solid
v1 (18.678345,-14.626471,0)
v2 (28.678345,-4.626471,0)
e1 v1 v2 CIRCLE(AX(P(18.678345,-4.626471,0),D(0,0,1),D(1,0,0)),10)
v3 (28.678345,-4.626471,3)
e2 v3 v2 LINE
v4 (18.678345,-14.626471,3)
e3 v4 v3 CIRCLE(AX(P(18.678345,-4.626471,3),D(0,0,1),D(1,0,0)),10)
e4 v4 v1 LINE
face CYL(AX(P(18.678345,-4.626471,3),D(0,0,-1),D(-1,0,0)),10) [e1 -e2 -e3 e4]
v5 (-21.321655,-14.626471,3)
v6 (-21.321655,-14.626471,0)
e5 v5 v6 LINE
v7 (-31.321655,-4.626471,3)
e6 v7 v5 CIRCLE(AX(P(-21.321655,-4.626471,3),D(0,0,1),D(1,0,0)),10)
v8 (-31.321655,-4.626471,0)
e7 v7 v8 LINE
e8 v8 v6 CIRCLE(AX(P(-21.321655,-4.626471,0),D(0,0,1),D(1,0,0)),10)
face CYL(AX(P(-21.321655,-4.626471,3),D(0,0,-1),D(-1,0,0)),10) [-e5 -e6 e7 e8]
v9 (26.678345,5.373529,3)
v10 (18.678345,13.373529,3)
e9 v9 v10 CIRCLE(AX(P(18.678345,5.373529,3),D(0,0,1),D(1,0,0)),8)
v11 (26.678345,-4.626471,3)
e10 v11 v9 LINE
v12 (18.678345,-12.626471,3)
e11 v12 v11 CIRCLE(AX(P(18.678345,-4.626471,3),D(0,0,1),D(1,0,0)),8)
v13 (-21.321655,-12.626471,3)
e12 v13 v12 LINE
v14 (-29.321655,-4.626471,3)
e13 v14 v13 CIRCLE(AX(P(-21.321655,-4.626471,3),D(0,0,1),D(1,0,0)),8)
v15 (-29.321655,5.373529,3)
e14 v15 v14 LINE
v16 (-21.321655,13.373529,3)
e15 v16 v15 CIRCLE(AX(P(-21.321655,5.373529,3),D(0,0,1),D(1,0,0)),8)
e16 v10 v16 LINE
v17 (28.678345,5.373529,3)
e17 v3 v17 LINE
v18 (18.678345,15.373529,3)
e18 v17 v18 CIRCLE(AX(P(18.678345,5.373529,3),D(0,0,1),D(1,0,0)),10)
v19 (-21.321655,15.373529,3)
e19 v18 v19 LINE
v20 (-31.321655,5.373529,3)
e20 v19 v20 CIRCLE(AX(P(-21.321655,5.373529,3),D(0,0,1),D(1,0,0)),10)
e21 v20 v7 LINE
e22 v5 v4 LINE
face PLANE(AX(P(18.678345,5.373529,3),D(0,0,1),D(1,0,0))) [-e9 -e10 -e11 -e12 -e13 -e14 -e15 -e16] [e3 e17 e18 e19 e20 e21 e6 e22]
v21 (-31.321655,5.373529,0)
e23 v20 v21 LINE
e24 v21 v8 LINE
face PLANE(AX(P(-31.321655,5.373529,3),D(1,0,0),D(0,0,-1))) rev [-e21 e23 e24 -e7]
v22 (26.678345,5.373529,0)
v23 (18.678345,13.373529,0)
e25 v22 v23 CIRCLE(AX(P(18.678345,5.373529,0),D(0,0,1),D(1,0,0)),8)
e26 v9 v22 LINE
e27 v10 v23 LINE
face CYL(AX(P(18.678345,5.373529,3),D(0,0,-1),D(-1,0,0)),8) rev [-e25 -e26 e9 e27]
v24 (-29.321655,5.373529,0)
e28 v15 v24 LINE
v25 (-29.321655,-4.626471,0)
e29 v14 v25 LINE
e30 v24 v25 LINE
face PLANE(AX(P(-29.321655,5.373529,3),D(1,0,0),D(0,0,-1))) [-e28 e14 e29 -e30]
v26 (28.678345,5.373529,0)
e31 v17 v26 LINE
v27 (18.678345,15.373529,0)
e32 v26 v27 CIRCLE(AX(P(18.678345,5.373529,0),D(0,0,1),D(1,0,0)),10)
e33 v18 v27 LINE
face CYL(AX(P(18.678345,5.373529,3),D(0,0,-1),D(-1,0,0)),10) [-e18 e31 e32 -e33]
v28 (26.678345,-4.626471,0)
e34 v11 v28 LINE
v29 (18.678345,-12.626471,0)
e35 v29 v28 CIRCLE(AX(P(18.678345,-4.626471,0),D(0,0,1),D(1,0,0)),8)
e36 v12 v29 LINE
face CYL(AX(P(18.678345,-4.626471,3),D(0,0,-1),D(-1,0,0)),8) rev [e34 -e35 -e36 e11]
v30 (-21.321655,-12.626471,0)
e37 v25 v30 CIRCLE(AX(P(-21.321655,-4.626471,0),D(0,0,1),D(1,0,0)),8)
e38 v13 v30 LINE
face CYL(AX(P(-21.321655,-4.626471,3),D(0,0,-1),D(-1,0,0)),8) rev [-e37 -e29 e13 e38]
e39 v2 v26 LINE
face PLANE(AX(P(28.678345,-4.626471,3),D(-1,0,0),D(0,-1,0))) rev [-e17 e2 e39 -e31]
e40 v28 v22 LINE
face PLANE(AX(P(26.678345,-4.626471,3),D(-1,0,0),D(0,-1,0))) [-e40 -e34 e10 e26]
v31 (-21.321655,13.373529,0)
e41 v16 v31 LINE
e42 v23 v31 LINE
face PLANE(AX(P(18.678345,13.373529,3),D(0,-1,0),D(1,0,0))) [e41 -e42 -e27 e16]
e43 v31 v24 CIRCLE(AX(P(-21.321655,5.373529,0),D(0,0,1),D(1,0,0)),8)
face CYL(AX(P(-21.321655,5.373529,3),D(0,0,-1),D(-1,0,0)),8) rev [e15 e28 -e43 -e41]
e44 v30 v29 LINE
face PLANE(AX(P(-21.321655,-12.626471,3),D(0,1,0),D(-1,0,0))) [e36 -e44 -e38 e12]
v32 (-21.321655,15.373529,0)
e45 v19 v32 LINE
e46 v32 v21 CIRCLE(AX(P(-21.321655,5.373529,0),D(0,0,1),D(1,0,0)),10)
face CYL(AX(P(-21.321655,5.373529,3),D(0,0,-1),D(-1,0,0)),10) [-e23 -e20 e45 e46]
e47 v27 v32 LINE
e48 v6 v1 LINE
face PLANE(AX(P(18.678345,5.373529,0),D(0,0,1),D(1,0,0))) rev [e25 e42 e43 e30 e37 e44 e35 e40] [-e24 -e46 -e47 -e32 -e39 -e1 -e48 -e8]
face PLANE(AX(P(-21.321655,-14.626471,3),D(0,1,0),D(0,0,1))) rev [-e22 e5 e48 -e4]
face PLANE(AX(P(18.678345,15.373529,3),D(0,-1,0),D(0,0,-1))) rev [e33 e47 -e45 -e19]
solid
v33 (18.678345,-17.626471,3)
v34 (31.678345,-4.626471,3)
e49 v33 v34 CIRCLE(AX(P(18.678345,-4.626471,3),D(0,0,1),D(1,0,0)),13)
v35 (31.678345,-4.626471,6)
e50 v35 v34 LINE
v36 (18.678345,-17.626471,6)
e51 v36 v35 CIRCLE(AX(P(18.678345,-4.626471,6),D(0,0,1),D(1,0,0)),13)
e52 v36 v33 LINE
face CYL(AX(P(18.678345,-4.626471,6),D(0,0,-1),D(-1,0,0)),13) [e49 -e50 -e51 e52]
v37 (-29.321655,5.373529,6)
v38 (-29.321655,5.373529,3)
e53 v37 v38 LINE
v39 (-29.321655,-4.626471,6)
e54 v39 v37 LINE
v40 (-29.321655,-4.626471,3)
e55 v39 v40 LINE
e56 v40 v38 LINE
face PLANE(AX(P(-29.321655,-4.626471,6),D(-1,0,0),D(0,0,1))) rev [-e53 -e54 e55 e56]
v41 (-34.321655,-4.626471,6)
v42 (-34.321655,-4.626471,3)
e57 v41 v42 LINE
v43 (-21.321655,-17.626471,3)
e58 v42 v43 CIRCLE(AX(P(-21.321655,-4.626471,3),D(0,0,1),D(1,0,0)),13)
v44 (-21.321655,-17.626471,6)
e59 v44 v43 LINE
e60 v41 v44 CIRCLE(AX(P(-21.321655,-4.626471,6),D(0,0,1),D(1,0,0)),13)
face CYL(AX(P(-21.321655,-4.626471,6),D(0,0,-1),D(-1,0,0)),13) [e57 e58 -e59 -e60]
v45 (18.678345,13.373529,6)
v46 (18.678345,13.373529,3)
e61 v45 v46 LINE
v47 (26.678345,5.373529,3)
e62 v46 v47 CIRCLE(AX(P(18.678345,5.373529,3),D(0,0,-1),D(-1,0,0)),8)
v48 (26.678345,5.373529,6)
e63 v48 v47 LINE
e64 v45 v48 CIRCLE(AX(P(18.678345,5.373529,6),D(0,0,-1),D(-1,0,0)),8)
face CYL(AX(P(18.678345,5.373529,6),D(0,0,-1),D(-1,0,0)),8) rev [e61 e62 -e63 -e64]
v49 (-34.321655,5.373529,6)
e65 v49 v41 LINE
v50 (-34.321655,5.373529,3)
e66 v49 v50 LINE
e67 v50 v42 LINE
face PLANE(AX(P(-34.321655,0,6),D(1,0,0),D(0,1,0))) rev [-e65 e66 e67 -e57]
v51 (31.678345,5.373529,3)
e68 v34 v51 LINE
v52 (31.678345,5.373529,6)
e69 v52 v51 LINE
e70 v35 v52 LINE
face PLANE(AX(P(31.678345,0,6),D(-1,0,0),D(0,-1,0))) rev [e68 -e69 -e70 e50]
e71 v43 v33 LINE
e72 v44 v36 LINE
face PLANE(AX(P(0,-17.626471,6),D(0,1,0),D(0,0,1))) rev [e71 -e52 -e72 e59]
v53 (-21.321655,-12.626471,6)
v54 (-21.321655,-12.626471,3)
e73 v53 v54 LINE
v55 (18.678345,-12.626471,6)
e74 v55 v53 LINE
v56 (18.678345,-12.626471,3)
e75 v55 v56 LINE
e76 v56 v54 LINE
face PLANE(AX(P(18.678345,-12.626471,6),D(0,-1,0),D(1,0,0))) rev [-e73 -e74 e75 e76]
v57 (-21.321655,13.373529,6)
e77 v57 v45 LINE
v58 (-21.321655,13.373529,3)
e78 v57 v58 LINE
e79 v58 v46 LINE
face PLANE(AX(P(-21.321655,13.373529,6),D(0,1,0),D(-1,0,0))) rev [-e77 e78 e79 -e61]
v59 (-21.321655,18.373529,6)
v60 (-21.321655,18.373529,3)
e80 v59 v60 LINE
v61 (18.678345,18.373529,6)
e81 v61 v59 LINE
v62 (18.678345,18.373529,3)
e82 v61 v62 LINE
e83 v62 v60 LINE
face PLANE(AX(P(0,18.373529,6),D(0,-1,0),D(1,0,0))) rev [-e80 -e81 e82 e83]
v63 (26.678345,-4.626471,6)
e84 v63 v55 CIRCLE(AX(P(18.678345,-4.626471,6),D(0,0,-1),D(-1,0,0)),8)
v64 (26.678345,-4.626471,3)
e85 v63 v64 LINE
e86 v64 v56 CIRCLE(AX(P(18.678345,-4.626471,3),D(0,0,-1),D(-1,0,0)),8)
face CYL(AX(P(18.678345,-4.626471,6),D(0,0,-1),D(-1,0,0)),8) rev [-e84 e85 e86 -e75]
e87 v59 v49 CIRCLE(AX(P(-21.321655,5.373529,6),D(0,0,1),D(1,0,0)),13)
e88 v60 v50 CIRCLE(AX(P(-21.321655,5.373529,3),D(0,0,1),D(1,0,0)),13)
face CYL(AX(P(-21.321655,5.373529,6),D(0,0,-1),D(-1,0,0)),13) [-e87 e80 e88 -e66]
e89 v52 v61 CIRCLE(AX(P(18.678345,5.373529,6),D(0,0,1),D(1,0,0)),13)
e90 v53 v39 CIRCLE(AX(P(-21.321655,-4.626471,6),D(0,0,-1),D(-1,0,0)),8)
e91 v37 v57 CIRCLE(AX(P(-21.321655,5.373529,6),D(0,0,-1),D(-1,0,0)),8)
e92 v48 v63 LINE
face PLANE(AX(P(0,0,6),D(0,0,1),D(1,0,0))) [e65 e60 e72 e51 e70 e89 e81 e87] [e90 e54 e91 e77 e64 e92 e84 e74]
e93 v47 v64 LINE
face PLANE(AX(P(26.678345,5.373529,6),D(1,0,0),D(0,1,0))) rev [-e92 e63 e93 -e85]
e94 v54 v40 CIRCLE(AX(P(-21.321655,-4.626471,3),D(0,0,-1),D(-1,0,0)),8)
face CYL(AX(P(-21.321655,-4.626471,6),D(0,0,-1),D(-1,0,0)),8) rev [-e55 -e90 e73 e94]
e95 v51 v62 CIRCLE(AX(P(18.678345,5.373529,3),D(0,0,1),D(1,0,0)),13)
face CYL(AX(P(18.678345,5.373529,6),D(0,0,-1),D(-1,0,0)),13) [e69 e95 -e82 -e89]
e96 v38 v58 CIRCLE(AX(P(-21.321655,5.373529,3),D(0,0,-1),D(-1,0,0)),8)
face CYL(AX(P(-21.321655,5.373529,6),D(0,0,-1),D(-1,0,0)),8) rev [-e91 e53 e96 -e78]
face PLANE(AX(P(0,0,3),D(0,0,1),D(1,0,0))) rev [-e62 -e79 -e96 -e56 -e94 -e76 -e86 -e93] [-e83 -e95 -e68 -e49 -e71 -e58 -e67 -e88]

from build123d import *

# Parameters (mm, degrees)
BOSS_EXTRU_1_DEPTH      = 3
BOSS_EXTRU_2_DEPTH      = 3
ENL_V_MAT_EXTRU_1_DEPTH = 40.045647227


with BuildPart() as part:
    # Esquisse2 → Boss.-Extru.1 (new body)
    with BuildSketch(Plane.XY):
        with BuildLine():
            Line((28.678345257, -4.626470588), (28.678345257, 5.373529412))
            ThreePointArc((28.678345257, 5.373529412), (25.749413069, 12.444597224), (18.678345257, 15.373529412))
            Line((18.678345257, 15.373529412), (-21.321654743, 15.373529412))
            ThreePointArc((-21.321654743, 15.373529412), (-28.392722555, 12.444597224), (-31.321654743, 5.373529412))
            Line((-31.321654743, 5.373529412), (-31.321654743, -4.626470588))
            ThreePointArc((-31.321654743, -4.626470588), (-28.392722555, -11.6975384), (-21.321654743, -14.626470588))
            Line((-21.321654743, -14.626470588), (18.678345257, -14.626470588))
            ThreePointArc((18.678345257, -14.626470588), (25.749413069, -11.6975384), (28.678345257, -4.626470588))
        make_face()
        with BuildLine():
            Line((26.678345257, -4.626470588), (26.678345257, 5.373529412))
            ThreePointArc((26.678345257, 5.373529412), (24.335199507, 11.030383661), (18.678345257, 13.373529412))
            Line((18.678345257, 13.373529412), (-21.321654743, 13.373529412))
            ThreePointArc((-21.321654743, 13.373529412), (-26.978508992, 11.030383661), (-29.321654743, 5.373529412))
            Line((-29.321654743, 5.373529412), (-29.321654743, -4.626470588))
            ThreePointArc((-29.321654743, -4.626470588), (-26.978508992, -10.283324838), (-21.321654743, -12.626470588))
            Line((-21.321654743, -12.626470588), (18.678345257, -12.626470588))
            ThreePointArc((18.678345257, -12.626470588), (24.335199507, -10.283324838), (26.678345257, -4.626470588))
        make_face(mode=Mode.SUBTRACT)
    extrude(amount=BOSS_EXTRU_1_DEPTH)


with BuildPart() as body_2:
    # Esquisse3 → Boss.-Extru.2 (new body)
    # profile 1 of 3: a face of its own
    with BuildSketch(Plane.XY.offset(3)):
        with BuildLine():
            Line((-21.321654743, -17.626470588), (18.678345257, -17.626470588))
            ThreePointArc((18.678345257, -17.626470588), (27.870733412, -13.818858744), (31.678345257, -4.626470588))
            Line((31.678345257, -4.626470588), (31.678345257, 5.373529412))
            ThreePointArc((31.678345257, 5.373529412), (27.870733412, 14.565917567), (18.678345257, 18.373529412))
            Line((18.678345257, 18.373529412), (-21.321654743, 18.373529412))
            ThreePointArc((-21.321654743, 18.373529412), (-30.514042898, 14.565917567), (-34.321654743, 5.373529412))
            Line((-34.321654743, 5.373529412), (-34.321654743, -4.626470588))
            ThreePointArc((-34.321654743, -4.626470588), (-30.514042898, -13.818858744), (-21.321654743, -17.626470588))
        make_face()
        with BuildLine():
            ThreePointArc((28.678345257, 5.373529412), (25.749413069, 12.444597224), (18.678345257, 15.373529412))
            Line((18.678345257, 15.373529412), (-21.321654743, 15.373529412))
            ThreePointArc((-21.321654743, 15.373529412), (-28.392722555, 12.444597224), (-31.321654743, 5.373529412))
            Line((-31.321654743, 5.373529412), (-31.321654743, -4.626470588))
            ThreePointArc((-31.321654743, -4.626470588), (-28.392722555, -11.6975384), (-21.321654743, -14.626470588))
            Line((-21.321654743, -14.626470588), (18.678345257, -14.626470588))
            ThreePointArc((18.678345257, -14.626470588), (25.749413069, -11.6975384), (28.678345257, -4.626470588))
            Line((28.678345257, -4.626470588), (28.678345257, 5.373529412))
        make_face(mode=Mode.SUBTRACT)
    # profile 2 of 3: a face of its own
    with BuildSketch(Plane.XY.offset(3)):
        with BuildLine():
            Line((28.678345257, -4.626470588), (28.678345257, 5.373529412))
            ThreePointArc((28.678345257, 5.373529412), (25.749413069, 12.444597224), (18.678345257, 15.373529412))
            Line((18.678345257, 15.373529412), (-21.321654743, 15.373529412))
            ThreePointArc((-21.321654743, 15.373529412), (-28.392722555, 12.444597224), (-31.321654743, 5.373529412))
            Line((-31.321654743, 5.373529412), (-31.321654743, -4.626470588))
            ThreePointArc((-31.321654743, -4.626470588), (-28.392722555, -11.6975384), (-21.321654743, -14.626470588))
            Line((-21.321654743, -14.626470588), (18.678345257, -14.626470588))
            ThreePointArc((18.678345257, -14.626470588), (25.749413069, -11.6975384), (28.678345257, -4.626470588))
        make_face()
        with BuildLine():
            ThreePointArc((18.678345257, 13.373529412), (24.335199507, 11.030383661), (26.678345257, 5.373529412))
            Line((26.678345257, 5.373529412), (26.678345257, -4.626470588))
            ThreePointArc((26.678345257, -4.626470588), (24.335199507, -10.283324838), (18.678345257, -12.626470588))
            Line((18.678345257, -12.626470588), (-21.321654743, -12.626470588))
            ThreePointArc((-21.321654743, -12.626470588), (-26.978508992, -10.283324838), (-29.321654743, -4.626470588))
            Line((-29.321654743, -4.626470588), (-29.321654743, 5.373529412))
            ThreePointArc((-29.321654743, 5.373529412), (-26.978508992, 11.030383661), (-21.321654743, 13.373529412))
            Line((-21.321654743, 13.373529412), (18.678345257, 13.373529412))
        make_face(mode=Mode.SUBTRACT)
    # profile 3 of 3: a face of its own
    with BuildSketch(Plane.XY.offset(3)):
        with BuildLine():
            Line((26.678345257, 5.373529412), (26.678345257, -4.626470588))
            ThreePointArc((26.678345257, -4.626470588), (24.335199507, -10.283324838), (18.678345257, -12.626470588))
            Line((18.678345257, -12.626470588), (-21.321654743, -12.626470588))
            ThreePointArc((-21.321654743, -12.626470588), (-26.978508992, -10.283324838), (-29.321654743, -4.626470588))
            Line((-29.321654743, -4.626470588), (-29.321654743, 5.373529412))
            ThreePointArc((-29.321654743, 5.373529412), (-26.978508992, 11.030383661), (-21.321654743, 13.373529412))
            Line((-21.321654743, 13.373529412), (18.678345257, 13.373529412))
            ThreePointArc((18.678345257, 13.373529412), (24.335199507, 11.030383661), (26.678345257, 5.373529412))
        make_face()
    extrude(amount=BOSS_EXTRU_2_DEPTH)

    # Esquisse4 → Enlèv. mat.-Extru.1 (cut, through all)
    with BuildSketch(Plane(origin=(0, 0, 3), x_dir=(-1, 0, 0), z_dir=(0, 0, -1))):
        with BuildLine():
            Line((21.321654743, 13.373529412), (-18.678345257, 13.373529412))
            ThreePointArc((-18.678345257, 13.373529412), (-24.335199507, 11.030383661), (-26.678345257, 5.373529412))
            Line((-26.678345257, 5.373529412), (-26.678345257, -4.626470588))
            ThreePointArc((-26.678345257, -4.626470588), (-24.335199507, -10.283324838), (-18.678345257, -12.626470588))
            Line((-18.678345257, -12.626470588), (21.321654743, -12.626470588))
            ThreePointArc((21.321654743, -12.626470588), (26.978508992, -10.283324838), (29.321654743, -4.626470588))
            Line((29.321654743, -4.626470588), (29.321654743, 5.373529412))
            ThreePointArc((29.321654743, 5.373529412), (26.978508992, 11.030383661), (21.321654743, 13.373529412))
        make_face()
    extrude(amount=-ENL_V_MAT_EXTRU_1_DEPTH, mode=Mode.SUBTRACT)


solid = Compound([part.part, body_2.part])
